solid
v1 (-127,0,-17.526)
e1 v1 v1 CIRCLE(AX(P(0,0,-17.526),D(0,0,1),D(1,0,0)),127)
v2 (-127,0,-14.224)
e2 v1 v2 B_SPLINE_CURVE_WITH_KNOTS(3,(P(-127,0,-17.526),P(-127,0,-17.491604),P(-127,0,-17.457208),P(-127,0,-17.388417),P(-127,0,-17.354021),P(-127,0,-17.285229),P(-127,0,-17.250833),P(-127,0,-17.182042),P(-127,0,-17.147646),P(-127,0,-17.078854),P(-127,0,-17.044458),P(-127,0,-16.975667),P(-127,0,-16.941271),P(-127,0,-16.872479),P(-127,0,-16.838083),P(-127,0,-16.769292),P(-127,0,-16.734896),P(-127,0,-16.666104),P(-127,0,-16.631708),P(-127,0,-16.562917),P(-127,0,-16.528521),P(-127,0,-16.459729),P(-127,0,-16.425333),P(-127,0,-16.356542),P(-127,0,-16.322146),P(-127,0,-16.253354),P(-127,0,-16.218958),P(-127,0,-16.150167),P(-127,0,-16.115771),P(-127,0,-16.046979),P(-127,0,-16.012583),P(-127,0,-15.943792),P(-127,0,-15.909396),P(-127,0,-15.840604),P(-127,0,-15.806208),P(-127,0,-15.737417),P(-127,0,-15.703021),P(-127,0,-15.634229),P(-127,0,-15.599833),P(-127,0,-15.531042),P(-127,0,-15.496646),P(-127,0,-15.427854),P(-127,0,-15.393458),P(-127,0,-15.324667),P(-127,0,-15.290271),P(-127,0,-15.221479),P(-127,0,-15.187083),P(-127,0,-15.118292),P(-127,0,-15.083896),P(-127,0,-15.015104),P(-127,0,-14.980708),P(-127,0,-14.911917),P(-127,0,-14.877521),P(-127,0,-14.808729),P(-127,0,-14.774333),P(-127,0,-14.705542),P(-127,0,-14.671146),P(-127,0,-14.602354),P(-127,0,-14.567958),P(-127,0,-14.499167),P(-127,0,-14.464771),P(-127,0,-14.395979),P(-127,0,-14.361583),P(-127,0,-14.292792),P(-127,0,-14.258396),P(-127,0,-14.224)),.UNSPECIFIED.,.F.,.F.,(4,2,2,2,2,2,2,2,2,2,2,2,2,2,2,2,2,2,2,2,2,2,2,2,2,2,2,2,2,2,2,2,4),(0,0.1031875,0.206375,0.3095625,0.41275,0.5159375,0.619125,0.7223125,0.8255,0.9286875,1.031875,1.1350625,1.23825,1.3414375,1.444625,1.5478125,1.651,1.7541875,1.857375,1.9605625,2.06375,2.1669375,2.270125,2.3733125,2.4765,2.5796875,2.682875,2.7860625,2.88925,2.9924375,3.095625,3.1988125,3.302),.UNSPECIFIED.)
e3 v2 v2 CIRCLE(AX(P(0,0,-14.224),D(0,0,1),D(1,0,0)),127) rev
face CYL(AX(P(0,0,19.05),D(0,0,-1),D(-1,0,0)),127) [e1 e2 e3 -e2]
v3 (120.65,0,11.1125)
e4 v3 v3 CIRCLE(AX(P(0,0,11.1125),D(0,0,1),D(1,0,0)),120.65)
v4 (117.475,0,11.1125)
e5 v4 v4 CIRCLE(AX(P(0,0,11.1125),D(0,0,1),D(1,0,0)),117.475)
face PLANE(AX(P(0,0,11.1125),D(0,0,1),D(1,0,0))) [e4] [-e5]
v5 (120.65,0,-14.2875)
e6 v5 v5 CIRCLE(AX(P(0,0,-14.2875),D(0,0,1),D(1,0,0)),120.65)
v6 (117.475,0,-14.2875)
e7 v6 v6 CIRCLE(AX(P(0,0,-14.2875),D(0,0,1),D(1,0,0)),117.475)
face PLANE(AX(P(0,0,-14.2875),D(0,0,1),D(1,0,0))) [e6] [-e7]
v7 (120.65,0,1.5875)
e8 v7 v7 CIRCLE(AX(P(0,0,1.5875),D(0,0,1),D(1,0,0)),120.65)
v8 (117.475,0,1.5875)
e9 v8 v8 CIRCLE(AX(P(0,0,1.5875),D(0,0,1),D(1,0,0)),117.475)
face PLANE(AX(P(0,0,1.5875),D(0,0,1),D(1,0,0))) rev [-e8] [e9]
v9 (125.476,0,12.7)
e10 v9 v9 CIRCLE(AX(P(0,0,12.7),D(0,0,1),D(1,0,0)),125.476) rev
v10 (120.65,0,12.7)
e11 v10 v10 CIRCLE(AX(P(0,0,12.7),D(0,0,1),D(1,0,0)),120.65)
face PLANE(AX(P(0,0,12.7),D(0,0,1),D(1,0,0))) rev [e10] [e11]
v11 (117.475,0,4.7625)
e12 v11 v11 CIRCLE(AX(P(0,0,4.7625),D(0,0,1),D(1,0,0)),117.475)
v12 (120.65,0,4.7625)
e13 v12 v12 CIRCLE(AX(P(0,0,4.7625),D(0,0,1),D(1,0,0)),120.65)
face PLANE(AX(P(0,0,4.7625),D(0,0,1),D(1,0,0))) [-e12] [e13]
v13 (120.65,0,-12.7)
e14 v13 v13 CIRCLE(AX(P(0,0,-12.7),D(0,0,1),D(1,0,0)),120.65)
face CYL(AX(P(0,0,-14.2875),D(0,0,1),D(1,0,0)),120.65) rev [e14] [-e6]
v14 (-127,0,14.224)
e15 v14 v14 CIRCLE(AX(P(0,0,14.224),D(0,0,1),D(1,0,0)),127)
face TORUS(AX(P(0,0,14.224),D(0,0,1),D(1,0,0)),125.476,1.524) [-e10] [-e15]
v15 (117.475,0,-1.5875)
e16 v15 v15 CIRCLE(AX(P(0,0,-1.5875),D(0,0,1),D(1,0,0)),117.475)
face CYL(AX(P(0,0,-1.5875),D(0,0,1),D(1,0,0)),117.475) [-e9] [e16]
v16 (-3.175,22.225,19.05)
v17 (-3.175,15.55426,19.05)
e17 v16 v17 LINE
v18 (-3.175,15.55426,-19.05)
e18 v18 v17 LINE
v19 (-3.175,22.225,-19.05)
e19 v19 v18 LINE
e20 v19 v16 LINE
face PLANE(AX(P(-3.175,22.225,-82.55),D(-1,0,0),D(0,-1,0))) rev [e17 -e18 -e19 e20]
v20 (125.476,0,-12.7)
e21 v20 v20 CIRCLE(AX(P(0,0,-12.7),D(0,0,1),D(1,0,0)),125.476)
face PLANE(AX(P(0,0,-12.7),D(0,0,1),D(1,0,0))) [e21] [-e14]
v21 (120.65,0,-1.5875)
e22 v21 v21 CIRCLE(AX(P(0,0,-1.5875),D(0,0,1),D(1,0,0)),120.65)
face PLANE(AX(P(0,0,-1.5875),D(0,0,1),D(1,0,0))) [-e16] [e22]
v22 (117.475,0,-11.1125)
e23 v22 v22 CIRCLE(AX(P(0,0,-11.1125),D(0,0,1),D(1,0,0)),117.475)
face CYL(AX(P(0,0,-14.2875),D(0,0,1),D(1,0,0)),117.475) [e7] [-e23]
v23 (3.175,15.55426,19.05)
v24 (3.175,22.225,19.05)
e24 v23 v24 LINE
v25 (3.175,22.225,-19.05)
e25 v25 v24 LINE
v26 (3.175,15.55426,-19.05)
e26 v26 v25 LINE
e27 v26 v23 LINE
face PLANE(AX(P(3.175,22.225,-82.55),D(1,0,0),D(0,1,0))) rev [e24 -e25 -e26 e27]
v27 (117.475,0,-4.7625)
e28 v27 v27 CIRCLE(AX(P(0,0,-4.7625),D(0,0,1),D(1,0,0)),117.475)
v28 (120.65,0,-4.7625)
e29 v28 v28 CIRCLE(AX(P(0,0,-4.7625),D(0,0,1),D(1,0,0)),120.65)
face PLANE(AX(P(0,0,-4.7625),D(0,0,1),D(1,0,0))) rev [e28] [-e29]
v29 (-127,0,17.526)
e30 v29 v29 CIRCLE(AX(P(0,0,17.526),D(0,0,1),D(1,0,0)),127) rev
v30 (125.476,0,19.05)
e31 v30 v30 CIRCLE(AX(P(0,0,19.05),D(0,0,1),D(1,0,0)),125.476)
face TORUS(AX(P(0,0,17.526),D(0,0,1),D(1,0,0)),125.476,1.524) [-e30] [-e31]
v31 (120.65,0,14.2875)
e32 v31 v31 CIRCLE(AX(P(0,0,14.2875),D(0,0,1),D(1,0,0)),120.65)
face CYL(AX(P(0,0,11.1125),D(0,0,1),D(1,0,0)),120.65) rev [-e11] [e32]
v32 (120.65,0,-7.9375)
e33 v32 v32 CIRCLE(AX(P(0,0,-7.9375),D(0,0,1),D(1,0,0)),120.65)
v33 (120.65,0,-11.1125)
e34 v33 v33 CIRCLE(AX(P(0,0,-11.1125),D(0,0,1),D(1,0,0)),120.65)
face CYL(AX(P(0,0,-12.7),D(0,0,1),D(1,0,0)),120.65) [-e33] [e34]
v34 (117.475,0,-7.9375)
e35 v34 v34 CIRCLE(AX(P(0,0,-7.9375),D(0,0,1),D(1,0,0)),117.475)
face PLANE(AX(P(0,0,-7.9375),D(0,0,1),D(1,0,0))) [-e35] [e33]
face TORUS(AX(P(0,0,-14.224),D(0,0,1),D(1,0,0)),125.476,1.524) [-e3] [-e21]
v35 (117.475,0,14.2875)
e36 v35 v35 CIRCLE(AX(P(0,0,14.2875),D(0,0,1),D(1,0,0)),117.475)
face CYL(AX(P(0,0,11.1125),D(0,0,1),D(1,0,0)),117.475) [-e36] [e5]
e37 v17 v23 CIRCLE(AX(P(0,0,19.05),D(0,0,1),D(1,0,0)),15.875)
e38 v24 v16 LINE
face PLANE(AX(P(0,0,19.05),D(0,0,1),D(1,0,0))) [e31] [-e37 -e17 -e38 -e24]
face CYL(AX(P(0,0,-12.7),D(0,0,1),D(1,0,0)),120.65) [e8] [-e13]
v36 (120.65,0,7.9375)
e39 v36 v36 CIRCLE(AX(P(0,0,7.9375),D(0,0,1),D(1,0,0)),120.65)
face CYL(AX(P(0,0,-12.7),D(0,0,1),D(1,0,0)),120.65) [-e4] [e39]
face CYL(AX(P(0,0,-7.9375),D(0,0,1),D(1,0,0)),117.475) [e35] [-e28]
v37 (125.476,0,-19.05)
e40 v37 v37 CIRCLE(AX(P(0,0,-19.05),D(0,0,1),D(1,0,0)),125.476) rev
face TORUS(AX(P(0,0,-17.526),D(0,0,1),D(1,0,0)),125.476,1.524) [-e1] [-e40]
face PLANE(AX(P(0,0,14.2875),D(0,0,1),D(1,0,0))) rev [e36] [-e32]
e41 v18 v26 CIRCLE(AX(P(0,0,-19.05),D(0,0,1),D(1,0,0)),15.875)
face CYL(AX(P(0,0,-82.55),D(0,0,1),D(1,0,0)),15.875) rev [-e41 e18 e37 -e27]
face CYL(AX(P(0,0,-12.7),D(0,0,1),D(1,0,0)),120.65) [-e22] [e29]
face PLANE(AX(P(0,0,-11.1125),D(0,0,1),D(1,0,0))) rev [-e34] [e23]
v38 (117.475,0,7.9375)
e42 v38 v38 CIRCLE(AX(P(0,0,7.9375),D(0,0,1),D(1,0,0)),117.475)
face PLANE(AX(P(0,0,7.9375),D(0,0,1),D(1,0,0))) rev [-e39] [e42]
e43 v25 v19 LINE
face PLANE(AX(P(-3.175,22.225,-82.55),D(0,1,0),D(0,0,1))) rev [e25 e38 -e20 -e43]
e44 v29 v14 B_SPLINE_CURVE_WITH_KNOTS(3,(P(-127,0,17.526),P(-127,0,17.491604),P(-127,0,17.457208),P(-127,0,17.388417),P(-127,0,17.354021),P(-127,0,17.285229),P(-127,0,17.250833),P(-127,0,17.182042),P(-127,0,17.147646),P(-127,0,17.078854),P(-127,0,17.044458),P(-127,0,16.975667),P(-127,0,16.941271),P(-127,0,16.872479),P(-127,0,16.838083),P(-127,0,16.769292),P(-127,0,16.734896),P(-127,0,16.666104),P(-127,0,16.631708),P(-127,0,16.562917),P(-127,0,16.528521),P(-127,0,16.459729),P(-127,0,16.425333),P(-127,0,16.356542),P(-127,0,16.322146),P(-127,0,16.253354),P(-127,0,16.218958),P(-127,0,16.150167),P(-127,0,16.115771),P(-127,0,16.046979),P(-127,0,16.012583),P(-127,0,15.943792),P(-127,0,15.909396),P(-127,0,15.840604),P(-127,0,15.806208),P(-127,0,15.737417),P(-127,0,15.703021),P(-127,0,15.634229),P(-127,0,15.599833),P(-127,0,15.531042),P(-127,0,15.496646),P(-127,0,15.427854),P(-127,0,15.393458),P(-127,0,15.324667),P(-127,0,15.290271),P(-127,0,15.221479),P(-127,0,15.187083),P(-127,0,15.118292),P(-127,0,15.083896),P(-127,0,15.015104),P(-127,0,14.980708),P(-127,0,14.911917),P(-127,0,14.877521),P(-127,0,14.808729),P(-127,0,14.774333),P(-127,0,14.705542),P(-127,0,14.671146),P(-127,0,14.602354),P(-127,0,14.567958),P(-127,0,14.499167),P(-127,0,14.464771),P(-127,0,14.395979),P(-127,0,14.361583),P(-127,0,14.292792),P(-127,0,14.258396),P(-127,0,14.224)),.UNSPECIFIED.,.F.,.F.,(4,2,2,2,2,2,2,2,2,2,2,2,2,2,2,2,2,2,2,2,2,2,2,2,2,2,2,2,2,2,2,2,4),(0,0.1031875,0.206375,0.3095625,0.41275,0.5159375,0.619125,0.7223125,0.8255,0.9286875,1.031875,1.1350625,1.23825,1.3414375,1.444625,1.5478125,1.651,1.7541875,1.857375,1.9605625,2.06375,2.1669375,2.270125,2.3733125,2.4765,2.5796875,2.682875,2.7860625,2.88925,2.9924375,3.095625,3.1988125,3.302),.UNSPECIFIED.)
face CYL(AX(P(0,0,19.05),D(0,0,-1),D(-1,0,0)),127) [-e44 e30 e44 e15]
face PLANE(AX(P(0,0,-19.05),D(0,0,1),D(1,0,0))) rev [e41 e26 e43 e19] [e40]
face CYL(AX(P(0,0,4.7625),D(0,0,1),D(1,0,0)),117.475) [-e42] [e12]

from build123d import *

# Parameters (mm, degrees)
SKETCH1_R           = 127
BOSS_EXTRUDE1_DEPTH = 19.05
SKETCH2_R           = 127
SKETCH2_R_2         = 120.65
CUT_EXTRUDE1_DEPTH  = 12.7
FILLET1_R           = 1.524
SKETCH3_R           = 120.65
SKETCH3_R_2         = 117.475
CUT_EXTRUDE2_DEPTH  = 1.5875
LPATTERN1_COUNT     = 3
LPATTERN1_PITCH     = 6.35
LPATTERN1_COL_COUNT = 3
LPATTERN1_COL_PITCH = 6.35
CUT_EXTRUDE3_DEPTH  = 101.6


with BuildPart() as part:
    # Sketch1 → Boss-Extrude1 (new, symmetric)
    with BuildSketch(Plane.XY):
        with Locations(Location((0, 0, 0), (0, 0, 180))):
            Circle(SKETCH1_R)
    extrude(amount=BOSS_EXTRUDE1_DEPTH, both=True)

    # Sketch2 → Cut-Extrude1 (cut, symmetric)
    with BuildSketch(Plane.XY):
        with Locations(Location((0, 0, 0), (0, 0, 180))):
            Circle(SKETCH2_R)
        Circle(SKETCH2_R_2, mode=Mode.SUBTRACT)
    extrude(amount=CUT_EXTRUDE1_DEPTH, both=True, mode=Mode.SUBTRACT)

    # Fillet1
    fillet1_edges = [part.edges().sort_by_distance(p)[0] for p in [
        (127, 0, -19.05),
        (127, 0, 19.05),
        (127, 0, -12.7),
        (127, 0, 12.7),
    ]]
    fillet(fillet1_edges, radius=FILLET1_R)

    # Sketch3 → Cut-Extrude2 (cut, symmetric)
    with BuildSketch(Plane.XY):
        Circle(SKETCH3_R)
        Circle(SKETCH3_R_2, mode=Mode.SUBTRACT)
    cut_extrude2 = extrude(amount=CUT_EXTRUDE2_DEPTH, both=True, mode=Mode.SUBTRACT)

    # LPattern1: Cut-Extrude2 ×3
    with Locations(*[(0, 0, -i * LPATTERN1_PITCH) for i in range(1, LPATTERN1_COUNT)]):
        add(cut_extrude2, mode=Mode.SUBTRACT)

    # LPattern1 col: Cut-Extrude2 ×3
    with Locations(*[(0, 0, i * LPATTERN1_COL_PITCH) for i in range(1, LPATTERN1_COL_COUNT)]):
        add(cut_extrude2, mode=Mode.SUBTRACT)

    # Sketch4 → Cut-Extrude3 (cut)
    with BuildSketch(Plane.XY.offset(19.05)):
        with BuildLine():
            Line((-3.175, 22.225), (3.175, 22.225))
            Line((3.175, 22.225), (3.175, 15.554259867))
            ThreePointArc((3.175, 15.554259867), (0, -15.875), (-3.175, 15.554259867))
            Line((-3.175, 15.554259867), (-3.175, 22.225))
        make_face()
    extrude(amount=-CUT_EXTRUDE3_DEPTH, mode=Mode.SUBTRACT)


solid = part.part
